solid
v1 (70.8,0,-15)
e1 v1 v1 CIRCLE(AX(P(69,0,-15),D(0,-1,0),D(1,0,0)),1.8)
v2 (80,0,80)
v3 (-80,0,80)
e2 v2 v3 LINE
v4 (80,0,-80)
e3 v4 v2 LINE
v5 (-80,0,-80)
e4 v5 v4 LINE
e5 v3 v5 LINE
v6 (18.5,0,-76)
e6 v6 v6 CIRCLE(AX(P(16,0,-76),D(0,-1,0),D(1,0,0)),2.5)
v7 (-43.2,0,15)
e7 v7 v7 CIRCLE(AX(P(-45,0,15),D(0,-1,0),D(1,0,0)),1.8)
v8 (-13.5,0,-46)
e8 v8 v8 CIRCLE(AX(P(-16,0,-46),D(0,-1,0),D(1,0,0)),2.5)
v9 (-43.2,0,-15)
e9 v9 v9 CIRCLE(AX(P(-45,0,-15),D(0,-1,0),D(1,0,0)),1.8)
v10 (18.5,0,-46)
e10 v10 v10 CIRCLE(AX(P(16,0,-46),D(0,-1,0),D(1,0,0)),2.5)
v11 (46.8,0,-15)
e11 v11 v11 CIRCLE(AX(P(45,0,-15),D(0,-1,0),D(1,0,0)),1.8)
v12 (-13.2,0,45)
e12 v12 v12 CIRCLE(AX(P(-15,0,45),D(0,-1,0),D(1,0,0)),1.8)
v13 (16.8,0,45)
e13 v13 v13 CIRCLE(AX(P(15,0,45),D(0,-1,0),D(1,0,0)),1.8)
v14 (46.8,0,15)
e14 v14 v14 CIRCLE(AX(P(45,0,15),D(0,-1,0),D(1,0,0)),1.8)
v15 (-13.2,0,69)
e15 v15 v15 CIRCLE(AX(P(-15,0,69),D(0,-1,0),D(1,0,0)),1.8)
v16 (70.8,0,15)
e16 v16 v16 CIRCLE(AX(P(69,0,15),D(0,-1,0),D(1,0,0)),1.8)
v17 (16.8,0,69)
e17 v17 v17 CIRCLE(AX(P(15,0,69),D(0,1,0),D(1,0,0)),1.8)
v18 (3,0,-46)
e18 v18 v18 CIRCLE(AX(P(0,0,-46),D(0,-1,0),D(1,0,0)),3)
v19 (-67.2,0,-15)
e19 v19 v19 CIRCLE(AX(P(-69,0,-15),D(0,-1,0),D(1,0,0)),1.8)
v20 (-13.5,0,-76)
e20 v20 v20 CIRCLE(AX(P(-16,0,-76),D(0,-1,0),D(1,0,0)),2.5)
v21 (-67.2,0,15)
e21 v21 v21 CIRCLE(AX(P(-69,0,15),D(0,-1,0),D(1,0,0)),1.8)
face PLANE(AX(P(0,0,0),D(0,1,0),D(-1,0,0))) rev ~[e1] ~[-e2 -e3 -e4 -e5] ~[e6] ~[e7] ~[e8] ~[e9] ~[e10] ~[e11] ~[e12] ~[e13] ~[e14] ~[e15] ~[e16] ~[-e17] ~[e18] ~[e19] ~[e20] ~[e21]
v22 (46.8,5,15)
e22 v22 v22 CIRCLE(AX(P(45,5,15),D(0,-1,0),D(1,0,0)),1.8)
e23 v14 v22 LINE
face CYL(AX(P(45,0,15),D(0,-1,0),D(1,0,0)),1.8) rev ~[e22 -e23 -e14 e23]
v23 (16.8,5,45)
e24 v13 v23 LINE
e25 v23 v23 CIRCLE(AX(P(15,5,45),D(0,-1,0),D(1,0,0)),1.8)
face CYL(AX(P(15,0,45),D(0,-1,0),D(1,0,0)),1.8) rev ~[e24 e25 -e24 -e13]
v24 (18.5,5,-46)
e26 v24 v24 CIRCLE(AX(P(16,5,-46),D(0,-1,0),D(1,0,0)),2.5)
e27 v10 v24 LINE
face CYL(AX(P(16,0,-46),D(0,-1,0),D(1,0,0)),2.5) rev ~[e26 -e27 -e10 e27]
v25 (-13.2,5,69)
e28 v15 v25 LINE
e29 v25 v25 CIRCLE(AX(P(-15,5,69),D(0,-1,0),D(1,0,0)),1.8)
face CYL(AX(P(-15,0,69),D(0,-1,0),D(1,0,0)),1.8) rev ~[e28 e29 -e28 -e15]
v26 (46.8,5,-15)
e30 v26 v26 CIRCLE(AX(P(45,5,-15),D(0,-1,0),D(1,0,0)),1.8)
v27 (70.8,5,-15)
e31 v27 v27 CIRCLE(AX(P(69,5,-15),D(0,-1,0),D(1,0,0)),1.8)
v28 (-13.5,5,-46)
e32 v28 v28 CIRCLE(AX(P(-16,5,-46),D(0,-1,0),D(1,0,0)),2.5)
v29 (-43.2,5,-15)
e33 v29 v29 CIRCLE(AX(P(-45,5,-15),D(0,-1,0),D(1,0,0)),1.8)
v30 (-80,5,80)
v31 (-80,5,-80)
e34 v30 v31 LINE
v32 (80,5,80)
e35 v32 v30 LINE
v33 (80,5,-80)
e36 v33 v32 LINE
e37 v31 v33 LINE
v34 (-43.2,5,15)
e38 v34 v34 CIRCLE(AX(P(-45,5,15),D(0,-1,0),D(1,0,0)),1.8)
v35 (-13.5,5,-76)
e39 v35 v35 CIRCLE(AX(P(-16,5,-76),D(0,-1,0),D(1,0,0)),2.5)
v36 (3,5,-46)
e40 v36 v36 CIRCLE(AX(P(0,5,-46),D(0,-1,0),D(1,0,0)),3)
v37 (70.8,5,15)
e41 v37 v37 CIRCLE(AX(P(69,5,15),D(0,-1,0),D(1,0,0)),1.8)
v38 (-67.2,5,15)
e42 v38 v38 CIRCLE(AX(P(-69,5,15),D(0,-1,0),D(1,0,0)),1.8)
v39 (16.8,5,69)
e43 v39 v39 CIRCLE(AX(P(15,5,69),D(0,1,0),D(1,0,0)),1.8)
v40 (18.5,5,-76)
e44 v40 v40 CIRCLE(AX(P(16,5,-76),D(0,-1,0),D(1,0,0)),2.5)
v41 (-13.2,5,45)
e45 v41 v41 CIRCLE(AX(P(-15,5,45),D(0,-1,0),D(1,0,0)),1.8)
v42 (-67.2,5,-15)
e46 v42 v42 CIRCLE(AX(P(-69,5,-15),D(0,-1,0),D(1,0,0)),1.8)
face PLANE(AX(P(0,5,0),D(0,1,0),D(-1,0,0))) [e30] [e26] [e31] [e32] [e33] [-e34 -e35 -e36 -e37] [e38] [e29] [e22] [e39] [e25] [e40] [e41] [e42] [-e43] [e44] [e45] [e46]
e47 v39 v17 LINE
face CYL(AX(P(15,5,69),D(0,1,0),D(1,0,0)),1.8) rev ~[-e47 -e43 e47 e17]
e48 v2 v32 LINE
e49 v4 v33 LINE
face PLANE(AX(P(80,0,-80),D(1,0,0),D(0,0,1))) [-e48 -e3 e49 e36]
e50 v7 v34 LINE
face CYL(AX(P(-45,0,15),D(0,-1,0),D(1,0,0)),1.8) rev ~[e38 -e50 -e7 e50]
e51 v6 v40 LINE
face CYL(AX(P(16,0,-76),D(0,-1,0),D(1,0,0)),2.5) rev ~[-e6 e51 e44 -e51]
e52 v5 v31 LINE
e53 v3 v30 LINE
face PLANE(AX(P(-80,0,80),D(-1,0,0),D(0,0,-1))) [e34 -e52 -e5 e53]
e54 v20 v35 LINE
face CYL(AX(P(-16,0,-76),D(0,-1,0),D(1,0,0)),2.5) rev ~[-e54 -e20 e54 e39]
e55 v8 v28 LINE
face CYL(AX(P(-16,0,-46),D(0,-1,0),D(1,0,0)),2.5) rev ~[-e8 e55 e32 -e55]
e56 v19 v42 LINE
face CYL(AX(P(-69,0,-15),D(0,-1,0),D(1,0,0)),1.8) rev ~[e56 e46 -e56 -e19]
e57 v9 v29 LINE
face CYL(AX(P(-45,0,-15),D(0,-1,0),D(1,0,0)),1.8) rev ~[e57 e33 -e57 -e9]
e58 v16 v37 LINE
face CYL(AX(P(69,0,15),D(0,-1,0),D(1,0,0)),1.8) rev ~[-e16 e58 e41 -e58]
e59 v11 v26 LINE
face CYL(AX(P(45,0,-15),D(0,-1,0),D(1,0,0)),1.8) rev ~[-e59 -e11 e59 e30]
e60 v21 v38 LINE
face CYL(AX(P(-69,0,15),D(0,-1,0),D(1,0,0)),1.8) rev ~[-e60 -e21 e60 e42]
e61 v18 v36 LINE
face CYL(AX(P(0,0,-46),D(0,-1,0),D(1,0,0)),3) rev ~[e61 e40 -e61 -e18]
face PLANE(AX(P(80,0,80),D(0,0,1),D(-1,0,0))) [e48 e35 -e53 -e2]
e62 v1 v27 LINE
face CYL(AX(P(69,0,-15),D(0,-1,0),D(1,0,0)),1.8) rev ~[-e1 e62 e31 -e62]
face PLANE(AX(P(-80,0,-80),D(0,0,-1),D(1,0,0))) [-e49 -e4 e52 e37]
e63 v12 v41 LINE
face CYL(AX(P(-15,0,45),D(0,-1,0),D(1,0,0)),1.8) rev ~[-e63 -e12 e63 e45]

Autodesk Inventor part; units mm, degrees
ref_plane "YZ Plane" through (0, 0, 0) normal (1, 0, 0) x (0, 1, 0)
ref_plane "XZ Plane" through (0, 0, 0) normal (0, 1, 0) x (-1, 0, 0)
ref_plane "XY Plane" through (0, 0, 0) normal (0, 0, 1) x (1, 0, 0)
sketch "草图19" plane through (0, 0, 0) normal (0, 1, 0) x (-1, 0, 0)
  line L0 (-80, 80) -> (80, 80)
  line L1 (80, 80) -> (80, -80)
  line L2 (80, -80) -> (-80, -80)
  line L3 (-80, -80) -> (-80, 80)
  point P0 (0, 0)
  dimension "d55" = 160
  dimension "d56" = 160
extrude "拉伸19" add sketch "草图19" along normal blind 5
sketch "草图20" plane through (0, 5, 0) normal (0, 1, 0) x (1, 0, 0)
  circle A0 centre (15, -69) radius 1.8
  point P0 (0, 0)
  dimension "d59" = 3.6
extrude "拉伸20" cut sketch "草图20" against normal through all
sketch "草图21" plane through (0, 0, 0) normal (0, -1, 0) x (1, 0, 0)
  circle A0 centre (-15, 69) radius 1.8
  point P0 (0, 0)
  dimension "d62" = 3.6
extrude "拉伸21" cut sketch "草图21" against normal through all
sketch "草图26" plane through (0, 0, 0) normal (0, -1, 0) x (1, 0, 0)
  circle A0 centre (15, 45) radius 1.8
  point P0 (0, 0)
  dimension "d73" = 3.6
extrude "拉伸24" cut sketch "草图26" against normal through all
sketch "草图27" plane through (0, 0, 0) normal (0, -1, 0) x (1, 0, 0)
  circle A0 centre (-15, 45) radius 1.8
  point P0 (0, 0)
  dimension "d76" = 3.6
extrude "拉伸25" cut sketch "草图27" against normal through all
sketch "草图28" plane through (0, 0, 0) normal (0, -1, 0) x (1, 0, 0)
  circle A0 centre (45, 15) radius 1.8
  point P0 (0, 0)
  dimension "d79" = 3.6
extrude "拉伸26" cut sketch "草图28" against normal through all
sketch "草图29" plane through (0, 0, 0) normal (0, -1, 0) x (1, 0, 0)
  circle A0 centre (45, -15) radius 1.8
  point P0 (0, 0)
  dimension "d82" = 3.6
extrude "拉伸27" cut sketch "草图29" against normal through all
sketch "草图30" plane through (0, 0, 0) normal (0, -1, 0) x (1, 0, 0)
  circle A0 centre (69, 15) radius 1.8
  point P0 (0, 0)
  dimension "d85" = 3.6
extrude "拉伸28" cut sketch "草图30" against normal through all
sketch "草图31" plane through (0, 0, 0) normal (0, -1, 0) x (1, 0, 0)
  circle A0 centre (69, -15) radius 1.8
  point P0 (0, 0)
  dimension "d88" = 3.6
extrude "拉伸29" cut sketch "草图31" against normal through all
sketch "草图32" plane through (0, 0, 0) normal (0, -1, 0) x (1, 0, 0)
  circle A0 centre (-69, 15) radius 1.8
  point P0 (0, 0)
  dimension "d91" = 3.6
extrude "拉伸30" cut sketch "草图32" against normal through all
sketch "草图33" plane through (0, 0, 0) normal (0, -1, 0) x (1, 0, 0)
  circle A0 centre (-45, 15) radius 1.8
  point P0 (0, 0)
  dimension "d94" = 3.6
extrude "拉伸31" cut sketch "草图33" against normal through all
sketch "草图34" plane through (0, 0, 0) normal (0, -1, 0) x (1, 0, 0)
  circle A0 centre (-69, -15) radius 1.8
  point P0 (0, 0)
  dimension "d97" = 3.6
extrude "拉伸32" cut sketch "草图34" against normal through all
sketch "草图35" plane through (0, 0, 0) normal (0, -1, 0) x (1, 0, 0)
  circle A0 centre (-45, -15) radius 1.8
  point P0 (0, 0)
  dimension "d100" = 3.6
extrude "拉伸33" cut sketch "草图35" against normal through all
sketch "草图36" plane through (0, 0, 0) normal (0, -1, 0) x (1, 0, 0)
  point P0 (0, 0)
sketch "草图37" plane through (0, 0, 0) normal (0, -1, 0) x (1, 0, 0)
  circle A0 centre (0, -46) radius 3
  point P0 (0, 0)
  dimension "d103" = 6
extrude "拉伸34" cut sketch "草图37" against normal through all
sketch "草图38" plane through (0, 0, 0) normal (0, -1, 0) x (1, 0, 0)
  circle A0 centre (-16, -46) radius 2.5
  point P0 (0, 0)
  dimension "d106" = 5
extrude "拉伸35" cut sketch "草图38" against normal through all
sketch "草图39" plane through (0, 0, 0) normal (0, -1, 0) x (1, 0, 0)
  circle A0 centre (16, -46) radius 2.5
  point P0 (0, 0)
  dimension "d109" = 5
extrude "拉伸36" cut sketch "草图39" against normal through all
sketch "草图40" plane through (0, 0, 0) normal (0, -1, 0) x (1, 0, 0)
  circle A0 centre (-16, -76) radius 2.5
  point P0 (0, 0)
  dimension "d112" = 5
extrude "拉伸37" cut sketch "草图40" against normal through all
sketch "草图41" plane through (0, 0, 0) normal (0, -1, 0) x (1, 0, 0)
  circle A0 centre (16, -76) radius 2.5
  point P0 (0, 0)
  dimension "d115" = 5
extrude "拉伸38" cut sketch "草图41" against normal through all
sketch "草图42" plane through (0, 0, 0) normal (0, -1, 0) x (1, 0, 0)
  point P0 (0, 0)
equation "\"折弯半径\" = 厚度"
equation "\"折弯释压宽度\" = 厚度"
equation "\"折弯释压深度\" = 0.5 * 厚度"
equation "\"拐角释压尺寸\" = 4 * 厚度"
equation "\"最小余量\" = 2 * 厚度"
equation "\"过渡半径\" = 折弯半径"
equation "\"Jacobi半径尺寸\" = 折弯半径"
equation "\"间隙大小\" = 厚度"
equation "\"厚度\" = 0.5"
properties part number "内层板"
